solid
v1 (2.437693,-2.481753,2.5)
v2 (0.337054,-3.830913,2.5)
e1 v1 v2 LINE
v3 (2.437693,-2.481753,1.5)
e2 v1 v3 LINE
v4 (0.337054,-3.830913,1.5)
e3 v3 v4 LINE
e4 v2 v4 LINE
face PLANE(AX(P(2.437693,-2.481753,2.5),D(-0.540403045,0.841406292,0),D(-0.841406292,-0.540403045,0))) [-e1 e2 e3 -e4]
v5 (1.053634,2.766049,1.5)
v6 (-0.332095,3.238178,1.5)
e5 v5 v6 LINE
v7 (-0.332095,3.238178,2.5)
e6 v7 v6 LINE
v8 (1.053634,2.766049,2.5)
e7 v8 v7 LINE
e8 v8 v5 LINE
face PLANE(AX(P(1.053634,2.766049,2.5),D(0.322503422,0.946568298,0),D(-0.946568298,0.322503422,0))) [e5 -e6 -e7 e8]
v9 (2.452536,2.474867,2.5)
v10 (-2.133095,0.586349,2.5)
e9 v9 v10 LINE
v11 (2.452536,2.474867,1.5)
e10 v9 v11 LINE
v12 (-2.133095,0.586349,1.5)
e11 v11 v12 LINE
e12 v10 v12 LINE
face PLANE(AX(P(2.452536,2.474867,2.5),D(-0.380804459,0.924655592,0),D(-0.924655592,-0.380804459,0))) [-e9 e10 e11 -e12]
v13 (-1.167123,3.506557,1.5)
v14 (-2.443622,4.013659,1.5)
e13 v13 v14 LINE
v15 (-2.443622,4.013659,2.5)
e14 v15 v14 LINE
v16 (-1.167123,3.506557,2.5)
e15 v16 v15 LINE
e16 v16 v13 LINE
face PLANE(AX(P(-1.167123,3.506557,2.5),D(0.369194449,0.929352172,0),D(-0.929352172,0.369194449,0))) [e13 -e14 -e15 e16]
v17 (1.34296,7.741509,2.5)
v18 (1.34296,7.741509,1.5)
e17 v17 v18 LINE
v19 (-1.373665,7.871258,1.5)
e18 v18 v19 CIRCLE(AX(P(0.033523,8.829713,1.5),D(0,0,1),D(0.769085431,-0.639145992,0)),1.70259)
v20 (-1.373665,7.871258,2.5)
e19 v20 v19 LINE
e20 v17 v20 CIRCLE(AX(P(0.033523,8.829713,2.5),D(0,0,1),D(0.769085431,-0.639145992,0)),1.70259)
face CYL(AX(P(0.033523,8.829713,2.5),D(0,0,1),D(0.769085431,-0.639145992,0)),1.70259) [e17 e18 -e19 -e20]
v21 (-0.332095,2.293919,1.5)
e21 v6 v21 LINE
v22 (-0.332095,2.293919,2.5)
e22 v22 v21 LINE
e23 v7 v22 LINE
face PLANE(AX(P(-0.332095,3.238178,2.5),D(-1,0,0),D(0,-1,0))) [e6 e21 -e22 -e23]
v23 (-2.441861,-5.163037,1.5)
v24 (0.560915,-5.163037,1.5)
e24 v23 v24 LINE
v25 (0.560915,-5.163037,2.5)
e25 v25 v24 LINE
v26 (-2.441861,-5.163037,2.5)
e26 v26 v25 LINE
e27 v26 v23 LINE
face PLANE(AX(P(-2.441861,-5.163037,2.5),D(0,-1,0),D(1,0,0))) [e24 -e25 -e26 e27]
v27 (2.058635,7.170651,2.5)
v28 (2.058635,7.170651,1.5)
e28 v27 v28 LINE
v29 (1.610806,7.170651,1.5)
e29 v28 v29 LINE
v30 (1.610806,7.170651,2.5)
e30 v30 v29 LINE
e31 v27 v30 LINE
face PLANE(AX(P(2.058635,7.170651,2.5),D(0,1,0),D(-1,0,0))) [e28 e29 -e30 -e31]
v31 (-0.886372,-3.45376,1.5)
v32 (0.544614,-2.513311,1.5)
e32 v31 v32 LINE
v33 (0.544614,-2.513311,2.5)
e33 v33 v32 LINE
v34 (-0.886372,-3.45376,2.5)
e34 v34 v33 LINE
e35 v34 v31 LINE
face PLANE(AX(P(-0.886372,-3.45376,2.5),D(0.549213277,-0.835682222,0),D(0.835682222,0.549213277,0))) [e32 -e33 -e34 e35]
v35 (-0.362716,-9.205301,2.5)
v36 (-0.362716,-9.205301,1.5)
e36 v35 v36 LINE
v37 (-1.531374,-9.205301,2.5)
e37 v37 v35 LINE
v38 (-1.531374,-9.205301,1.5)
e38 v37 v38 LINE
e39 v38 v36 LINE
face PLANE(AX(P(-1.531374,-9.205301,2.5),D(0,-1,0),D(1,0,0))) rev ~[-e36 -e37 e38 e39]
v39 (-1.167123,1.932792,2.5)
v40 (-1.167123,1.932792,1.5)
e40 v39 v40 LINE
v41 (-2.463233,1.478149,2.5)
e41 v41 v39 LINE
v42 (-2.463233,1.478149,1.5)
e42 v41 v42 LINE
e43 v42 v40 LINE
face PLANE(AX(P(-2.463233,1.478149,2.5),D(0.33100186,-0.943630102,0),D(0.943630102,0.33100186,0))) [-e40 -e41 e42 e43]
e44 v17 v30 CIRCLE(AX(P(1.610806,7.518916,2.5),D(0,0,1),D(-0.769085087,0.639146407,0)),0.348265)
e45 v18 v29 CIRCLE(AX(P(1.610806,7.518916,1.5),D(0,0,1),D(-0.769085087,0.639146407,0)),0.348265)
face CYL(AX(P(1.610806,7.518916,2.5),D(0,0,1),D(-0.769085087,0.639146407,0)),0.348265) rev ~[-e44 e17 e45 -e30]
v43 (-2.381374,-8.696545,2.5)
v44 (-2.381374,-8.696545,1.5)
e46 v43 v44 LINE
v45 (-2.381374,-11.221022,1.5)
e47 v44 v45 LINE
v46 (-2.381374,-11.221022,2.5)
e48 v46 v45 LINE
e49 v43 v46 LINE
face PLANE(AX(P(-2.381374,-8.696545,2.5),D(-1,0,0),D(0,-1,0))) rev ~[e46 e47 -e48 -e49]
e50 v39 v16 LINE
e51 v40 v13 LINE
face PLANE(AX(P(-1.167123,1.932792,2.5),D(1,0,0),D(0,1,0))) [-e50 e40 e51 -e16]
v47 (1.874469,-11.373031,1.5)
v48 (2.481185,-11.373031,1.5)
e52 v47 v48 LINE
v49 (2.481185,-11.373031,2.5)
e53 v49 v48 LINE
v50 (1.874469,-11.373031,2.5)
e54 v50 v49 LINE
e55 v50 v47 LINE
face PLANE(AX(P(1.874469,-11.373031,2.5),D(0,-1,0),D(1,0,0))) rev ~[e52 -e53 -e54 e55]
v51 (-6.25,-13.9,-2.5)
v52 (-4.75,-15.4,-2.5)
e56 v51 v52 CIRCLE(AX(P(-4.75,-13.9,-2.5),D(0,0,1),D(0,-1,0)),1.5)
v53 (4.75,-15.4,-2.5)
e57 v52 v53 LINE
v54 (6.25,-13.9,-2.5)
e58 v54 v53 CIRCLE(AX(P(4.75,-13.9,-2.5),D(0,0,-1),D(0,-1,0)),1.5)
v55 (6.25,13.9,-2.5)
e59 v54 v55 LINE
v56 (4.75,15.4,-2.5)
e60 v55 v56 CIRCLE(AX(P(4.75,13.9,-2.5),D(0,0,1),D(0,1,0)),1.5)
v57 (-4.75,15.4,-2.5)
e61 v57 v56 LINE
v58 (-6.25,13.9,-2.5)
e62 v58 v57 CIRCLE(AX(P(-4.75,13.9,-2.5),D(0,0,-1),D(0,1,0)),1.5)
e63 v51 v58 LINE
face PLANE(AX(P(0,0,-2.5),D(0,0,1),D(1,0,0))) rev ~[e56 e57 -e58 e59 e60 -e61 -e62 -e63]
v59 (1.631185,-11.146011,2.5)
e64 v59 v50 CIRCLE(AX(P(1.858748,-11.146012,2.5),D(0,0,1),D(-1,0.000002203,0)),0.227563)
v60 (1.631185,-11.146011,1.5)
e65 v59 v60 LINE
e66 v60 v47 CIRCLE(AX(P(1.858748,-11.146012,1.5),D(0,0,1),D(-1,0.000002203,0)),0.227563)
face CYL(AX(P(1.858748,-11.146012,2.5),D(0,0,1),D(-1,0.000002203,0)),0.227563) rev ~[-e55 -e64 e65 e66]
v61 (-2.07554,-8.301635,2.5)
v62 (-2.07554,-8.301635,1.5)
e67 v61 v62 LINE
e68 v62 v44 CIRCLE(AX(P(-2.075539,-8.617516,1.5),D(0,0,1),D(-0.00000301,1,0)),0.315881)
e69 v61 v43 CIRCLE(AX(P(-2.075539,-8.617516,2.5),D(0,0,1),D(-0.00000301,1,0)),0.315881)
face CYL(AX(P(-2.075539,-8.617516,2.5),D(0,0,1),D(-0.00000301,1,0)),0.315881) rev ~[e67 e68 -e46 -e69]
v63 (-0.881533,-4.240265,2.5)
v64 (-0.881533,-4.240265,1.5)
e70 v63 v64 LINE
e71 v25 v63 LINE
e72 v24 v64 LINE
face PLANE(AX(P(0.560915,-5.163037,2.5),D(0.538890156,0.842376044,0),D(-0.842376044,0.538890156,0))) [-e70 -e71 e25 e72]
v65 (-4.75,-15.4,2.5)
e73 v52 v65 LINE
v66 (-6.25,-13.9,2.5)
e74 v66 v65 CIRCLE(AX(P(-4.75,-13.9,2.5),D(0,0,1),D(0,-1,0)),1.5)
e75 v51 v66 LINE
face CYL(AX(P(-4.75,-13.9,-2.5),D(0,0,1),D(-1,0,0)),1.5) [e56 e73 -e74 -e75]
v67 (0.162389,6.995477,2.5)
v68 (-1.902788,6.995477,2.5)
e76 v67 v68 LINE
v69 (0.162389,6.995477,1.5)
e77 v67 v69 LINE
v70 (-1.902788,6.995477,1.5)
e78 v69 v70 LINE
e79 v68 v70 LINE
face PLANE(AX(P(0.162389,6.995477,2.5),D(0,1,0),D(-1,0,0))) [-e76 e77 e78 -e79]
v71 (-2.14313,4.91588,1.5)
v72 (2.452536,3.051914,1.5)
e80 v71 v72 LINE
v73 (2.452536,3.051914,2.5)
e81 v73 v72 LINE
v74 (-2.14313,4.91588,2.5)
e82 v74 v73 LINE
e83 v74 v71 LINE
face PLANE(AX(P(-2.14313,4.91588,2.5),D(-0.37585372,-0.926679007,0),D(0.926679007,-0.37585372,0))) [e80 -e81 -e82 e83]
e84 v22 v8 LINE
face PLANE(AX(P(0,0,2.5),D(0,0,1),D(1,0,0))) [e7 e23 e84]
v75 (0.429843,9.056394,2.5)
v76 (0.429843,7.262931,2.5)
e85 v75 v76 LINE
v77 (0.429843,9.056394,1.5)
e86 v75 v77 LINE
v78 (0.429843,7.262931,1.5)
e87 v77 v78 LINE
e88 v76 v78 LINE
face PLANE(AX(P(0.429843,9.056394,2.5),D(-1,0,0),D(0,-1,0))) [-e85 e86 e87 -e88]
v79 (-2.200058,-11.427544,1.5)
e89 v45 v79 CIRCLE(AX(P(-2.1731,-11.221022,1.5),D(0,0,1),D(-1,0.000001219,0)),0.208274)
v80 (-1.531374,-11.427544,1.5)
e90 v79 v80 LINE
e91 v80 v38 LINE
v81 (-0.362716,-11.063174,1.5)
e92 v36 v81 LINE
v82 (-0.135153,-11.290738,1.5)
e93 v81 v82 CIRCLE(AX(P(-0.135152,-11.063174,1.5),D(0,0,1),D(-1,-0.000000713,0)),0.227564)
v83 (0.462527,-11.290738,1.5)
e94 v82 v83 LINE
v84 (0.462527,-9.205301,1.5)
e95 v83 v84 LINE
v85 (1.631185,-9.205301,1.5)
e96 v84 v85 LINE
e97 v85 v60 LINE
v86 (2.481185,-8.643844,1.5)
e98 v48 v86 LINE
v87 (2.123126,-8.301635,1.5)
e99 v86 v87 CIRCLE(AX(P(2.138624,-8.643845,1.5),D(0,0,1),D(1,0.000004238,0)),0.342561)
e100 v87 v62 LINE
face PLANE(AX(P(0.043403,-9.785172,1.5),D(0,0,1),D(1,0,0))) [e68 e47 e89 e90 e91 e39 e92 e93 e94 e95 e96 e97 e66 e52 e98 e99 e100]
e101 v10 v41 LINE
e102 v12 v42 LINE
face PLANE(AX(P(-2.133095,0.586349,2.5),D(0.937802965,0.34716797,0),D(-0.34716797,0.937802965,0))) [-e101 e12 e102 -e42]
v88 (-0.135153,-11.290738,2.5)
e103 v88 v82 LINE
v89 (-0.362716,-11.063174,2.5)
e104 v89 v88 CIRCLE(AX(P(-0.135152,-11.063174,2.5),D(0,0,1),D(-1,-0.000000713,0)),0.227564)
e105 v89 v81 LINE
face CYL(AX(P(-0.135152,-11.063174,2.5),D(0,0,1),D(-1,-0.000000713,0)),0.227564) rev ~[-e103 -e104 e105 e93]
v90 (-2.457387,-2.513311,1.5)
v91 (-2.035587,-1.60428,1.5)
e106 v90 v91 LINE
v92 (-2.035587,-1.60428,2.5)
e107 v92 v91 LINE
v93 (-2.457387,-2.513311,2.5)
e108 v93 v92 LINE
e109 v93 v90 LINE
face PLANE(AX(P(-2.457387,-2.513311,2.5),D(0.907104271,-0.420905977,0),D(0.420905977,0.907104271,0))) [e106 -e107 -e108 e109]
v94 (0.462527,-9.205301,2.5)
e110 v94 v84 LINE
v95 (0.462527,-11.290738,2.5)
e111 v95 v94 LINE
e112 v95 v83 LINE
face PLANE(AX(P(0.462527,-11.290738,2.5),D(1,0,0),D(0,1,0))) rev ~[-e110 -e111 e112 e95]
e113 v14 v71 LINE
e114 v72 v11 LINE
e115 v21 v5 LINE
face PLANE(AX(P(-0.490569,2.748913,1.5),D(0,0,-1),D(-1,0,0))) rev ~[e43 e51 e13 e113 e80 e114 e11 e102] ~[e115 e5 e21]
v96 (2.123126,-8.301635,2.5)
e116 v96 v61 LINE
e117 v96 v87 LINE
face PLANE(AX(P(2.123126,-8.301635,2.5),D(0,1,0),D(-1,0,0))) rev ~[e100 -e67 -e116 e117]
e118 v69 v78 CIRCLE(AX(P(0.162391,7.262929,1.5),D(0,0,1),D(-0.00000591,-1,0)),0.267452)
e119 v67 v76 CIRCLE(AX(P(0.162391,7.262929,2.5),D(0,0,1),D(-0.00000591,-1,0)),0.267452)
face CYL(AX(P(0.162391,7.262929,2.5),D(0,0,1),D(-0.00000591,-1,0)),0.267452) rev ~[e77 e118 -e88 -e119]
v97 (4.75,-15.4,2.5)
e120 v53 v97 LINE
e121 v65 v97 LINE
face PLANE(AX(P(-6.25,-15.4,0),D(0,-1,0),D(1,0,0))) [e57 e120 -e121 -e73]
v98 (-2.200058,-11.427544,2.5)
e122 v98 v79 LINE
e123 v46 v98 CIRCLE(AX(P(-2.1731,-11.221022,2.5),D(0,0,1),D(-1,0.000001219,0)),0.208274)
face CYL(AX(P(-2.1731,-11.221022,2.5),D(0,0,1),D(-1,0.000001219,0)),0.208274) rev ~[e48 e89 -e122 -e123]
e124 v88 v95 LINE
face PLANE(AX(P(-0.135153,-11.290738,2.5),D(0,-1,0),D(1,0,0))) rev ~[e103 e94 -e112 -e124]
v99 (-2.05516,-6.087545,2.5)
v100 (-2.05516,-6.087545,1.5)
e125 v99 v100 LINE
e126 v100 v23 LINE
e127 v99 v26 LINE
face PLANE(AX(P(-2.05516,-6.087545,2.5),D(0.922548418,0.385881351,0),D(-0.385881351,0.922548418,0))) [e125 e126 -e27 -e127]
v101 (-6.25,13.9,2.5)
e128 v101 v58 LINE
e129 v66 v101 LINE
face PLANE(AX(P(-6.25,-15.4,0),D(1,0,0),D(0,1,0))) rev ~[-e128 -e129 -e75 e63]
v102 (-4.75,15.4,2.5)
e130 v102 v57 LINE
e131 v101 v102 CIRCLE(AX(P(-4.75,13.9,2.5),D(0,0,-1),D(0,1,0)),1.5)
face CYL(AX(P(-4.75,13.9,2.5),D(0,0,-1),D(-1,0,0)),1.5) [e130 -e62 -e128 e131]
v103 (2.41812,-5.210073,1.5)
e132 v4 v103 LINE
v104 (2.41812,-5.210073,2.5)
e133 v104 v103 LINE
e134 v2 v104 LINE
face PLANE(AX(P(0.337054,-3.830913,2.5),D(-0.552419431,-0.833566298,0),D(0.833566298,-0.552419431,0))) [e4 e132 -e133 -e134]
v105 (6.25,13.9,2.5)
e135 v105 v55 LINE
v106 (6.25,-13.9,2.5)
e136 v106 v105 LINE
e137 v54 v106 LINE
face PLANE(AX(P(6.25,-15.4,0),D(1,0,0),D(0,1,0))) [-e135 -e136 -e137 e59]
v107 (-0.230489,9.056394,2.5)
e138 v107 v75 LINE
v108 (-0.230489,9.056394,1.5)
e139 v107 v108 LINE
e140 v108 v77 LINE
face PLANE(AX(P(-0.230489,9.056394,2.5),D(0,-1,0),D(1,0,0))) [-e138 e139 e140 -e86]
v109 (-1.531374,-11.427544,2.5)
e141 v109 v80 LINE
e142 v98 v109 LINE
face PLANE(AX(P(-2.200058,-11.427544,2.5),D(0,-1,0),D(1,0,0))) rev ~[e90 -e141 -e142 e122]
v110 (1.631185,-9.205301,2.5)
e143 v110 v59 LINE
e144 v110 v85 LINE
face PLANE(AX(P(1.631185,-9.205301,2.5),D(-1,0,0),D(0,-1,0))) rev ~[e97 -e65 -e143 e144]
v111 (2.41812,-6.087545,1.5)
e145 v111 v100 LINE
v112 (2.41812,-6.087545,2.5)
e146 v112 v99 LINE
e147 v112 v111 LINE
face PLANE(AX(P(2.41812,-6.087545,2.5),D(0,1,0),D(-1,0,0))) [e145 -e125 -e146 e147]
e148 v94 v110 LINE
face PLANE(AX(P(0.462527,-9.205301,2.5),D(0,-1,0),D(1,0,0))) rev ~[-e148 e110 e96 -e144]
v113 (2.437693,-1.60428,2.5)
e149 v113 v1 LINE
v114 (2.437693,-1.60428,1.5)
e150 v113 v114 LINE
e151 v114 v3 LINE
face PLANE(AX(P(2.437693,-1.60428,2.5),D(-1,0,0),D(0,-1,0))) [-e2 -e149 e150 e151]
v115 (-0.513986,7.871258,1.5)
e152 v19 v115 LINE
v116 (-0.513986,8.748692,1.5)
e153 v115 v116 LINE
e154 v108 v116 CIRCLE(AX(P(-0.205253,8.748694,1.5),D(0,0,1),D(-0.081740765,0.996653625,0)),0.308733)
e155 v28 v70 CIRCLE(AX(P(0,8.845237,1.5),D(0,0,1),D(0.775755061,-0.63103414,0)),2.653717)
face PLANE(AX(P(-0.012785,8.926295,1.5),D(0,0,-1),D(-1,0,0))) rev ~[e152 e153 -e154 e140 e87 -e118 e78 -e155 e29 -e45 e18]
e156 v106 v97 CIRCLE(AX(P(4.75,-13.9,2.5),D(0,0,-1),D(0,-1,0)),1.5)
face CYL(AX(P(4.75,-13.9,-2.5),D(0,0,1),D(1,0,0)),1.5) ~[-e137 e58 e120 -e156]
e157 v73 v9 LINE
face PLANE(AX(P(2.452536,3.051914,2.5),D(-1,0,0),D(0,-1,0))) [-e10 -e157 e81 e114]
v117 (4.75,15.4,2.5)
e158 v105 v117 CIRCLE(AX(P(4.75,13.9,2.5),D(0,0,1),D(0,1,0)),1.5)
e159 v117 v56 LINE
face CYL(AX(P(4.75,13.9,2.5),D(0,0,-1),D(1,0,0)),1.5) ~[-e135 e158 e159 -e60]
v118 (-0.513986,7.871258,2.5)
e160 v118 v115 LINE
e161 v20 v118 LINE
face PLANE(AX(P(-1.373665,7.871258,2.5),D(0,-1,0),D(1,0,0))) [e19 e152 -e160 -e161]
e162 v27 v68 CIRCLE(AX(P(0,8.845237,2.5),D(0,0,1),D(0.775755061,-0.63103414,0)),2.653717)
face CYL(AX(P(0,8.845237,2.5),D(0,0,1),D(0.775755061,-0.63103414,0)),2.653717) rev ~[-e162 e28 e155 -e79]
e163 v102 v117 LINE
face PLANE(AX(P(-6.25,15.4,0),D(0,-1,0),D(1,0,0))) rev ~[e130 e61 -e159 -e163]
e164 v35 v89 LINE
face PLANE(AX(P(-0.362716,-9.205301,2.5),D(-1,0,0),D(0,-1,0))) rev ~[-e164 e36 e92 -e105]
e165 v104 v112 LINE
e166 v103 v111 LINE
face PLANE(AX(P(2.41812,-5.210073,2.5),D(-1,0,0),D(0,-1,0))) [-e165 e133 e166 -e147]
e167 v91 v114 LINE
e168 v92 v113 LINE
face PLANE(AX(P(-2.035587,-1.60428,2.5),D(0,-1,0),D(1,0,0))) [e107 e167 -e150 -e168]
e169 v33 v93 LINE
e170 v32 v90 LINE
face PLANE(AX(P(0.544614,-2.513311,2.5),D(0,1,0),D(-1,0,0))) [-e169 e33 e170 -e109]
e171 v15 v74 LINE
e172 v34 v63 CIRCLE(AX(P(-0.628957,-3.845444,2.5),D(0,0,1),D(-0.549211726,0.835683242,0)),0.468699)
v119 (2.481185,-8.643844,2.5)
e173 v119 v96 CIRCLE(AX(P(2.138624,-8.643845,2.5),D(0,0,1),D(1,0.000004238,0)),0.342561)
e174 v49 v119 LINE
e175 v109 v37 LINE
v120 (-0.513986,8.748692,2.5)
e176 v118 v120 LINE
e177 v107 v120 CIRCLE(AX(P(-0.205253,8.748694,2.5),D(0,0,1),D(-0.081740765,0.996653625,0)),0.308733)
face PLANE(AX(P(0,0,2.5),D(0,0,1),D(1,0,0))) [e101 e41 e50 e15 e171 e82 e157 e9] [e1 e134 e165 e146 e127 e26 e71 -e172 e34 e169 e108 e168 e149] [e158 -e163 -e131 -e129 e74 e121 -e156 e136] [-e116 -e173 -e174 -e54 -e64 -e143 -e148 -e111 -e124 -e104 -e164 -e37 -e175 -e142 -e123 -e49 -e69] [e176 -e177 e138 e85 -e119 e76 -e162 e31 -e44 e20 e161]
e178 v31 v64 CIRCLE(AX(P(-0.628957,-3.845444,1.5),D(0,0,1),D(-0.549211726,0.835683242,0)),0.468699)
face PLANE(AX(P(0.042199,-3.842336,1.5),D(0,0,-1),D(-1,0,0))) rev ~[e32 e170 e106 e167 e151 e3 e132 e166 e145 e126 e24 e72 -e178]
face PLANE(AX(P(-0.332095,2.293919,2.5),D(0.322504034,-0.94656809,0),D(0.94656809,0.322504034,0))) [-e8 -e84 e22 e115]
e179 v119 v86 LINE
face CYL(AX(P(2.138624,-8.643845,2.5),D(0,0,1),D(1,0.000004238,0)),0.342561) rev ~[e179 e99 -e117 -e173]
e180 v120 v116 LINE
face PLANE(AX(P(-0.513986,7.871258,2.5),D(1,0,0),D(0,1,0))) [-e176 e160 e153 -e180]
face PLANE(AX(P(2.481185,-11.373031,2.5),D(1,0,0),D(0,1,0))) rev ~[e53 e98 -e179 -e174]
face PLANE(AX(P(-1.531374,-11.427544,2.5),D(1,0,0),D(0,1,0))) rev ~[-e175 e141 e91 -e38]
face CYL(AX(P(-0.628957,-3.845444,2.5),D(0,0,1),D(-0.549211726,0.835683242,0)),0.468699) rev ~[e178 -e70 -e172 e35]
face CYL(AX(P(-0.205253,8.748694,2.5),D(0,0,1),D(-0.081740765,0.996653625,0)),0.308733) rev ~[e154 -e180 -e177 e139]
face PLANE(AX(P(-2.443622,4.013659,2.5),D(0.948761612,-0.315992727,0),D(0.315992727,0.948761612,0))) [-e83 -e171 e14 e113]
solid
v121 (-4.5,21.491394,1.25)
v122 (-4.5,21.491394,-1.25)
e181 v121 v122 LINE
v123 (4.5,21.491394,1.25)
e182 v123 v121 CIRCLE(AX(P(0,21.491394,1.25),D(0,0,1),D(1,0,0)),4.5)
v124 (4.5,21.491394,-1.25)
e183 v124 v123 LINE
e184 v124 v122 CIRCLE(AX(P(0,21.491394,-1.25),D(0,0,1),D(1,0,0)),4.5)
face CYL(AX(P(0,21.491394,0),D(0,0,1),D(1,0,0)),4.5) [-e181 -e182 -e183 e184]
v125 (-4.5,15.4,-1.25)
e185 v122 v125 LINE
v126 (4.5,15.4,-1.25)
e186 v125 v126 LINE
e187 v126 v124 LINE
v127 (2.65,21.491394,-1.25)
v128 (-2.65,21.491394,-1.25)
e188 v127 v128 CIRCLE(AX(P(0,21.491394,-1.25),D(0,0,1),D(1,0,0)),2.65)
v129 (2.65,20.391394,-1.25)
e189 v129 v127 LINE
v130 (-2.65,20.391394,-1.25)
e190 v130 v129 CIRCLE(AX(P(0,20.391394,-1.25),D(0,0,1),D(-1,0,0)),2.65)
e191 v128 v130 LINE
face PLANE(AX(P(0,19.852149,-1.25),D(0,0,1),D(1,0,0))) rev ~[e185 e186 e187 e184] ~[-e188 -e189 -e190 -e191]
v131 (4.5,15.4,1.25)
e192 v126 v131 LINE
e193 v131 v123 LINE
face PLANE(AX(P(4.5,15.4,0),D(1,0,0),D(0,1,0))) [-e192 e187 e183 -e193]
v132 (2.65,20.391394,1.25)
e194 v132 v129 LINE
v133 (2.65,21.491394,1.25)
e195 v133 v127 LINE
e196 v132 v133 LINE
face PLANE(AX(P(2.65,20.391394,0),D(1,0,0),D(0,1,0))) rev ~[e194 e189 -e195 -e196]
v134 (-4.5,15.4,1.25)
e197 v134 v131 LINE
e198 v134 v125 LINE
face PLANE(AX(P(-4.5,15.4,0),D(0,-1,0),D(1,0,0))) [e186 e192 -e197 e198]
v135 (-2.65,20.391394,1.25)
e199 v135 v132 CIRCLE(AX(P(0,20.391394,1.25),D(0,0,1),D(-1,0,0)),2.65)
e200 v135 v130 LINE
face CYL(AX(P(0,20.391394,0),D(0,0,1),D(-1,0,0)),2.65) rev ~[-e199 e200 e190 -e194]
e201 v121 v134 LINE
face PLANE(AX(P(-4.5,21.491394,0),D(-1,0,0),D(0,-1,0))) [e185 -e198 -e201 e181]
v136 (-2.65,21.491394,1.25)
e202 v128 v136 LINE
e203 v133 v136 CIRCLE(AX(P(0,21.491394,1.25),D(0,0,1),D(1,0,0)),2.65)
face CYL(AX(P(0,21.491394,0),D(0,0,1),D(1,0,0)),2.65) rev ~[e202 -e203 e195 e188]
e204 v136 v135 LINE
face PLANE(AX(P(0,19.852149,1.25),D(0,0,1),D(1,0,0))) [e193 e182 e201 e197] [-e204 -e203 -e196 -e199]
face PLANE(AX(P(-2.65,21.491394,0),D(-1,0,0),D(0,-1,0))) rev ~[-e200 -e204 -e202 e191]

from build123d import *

# Parameters (mm, degrees)
SKETCH_W     = 12.5
SKETCH_H     = 30.8
PAD_DEPTH    = 2.5
FILLET_R     = 1.5
POCKET_DEPTH = 1
PAD003_DEPTH = 1.25


with BuildPart() as rubber_puller:
    # Sketch → Pad (new body, symmetric)
    with BuildSketch(Plane.XY):
        Rectangle(SKETCH_W, SKETCH_H)
    extrude(amount=PAD_DEPTH, both=True)

    # Fillet
    fillet_edges = [rubber_puller.edges().sort_by_distance(p)[0] for p in [
        (6.25, 15.4, 0),
        (-6.25, 15.4, 0),
        (6.25, -15.4, 0),
        (-6.25, -15.4, 0),
    ]]
    fillet(fillet_edges, radius=FILLET_R)

    # Sketch002 → Pocket (cut)
    with BuildSketch(Plane.XY.offset(2.5)):
        with BuildLine():
            Line((2.058635, 7.170651), (1.610806, 7.170651))
            ThreePointArc((1.34296, 7.741509), (1.29552, 7.370985), (1.610806, 7.170651))
            ThreePointArc((1.34296, 7.741509), (0.114748, 10.530364), (-1.373665, 7.871258))
            Line((-1.373665, 7.871258), (-0.513986, 7.871258))
            Line((-0.513986, 7.871258), (-0.513986, 8.748692))
            ThreePointArc((-0.230489, 9.056394), (-0.432308, 8.957888), (-0.513986, 8.748692))
            Line((-0.230489, 9.056394), (0.429843, 9.056394))
            Line((0.429843, 9.056394), (0.429843, 7.262931))
            ThreePointArc((0.162389, 6.995477), (0.351508, 7.073812), (0.429843, 7.262931))
            Line((0.162389, 6.995477), (-1.902788, 6.995477))
            ThreePointArc((2.058635, 7.170651), (-0.117233, 11.496364), (-1.902788, 6.995477))
        make_face()
        Polygon((-2.443622, 4.013659), (-2.14313, 4.91588), (2.452536, 3.051914), (2.452536, 2.474867), (-2.133095, 0.586349), (-2.463233, 1.478149), (-1.167123, 1.932792), (-1.167123, 3.506557), align=None)
        Polygon((-0.332095, 3.238178), (-0.332095, 2.293919), (1.053634, 2.766049), align=None, mode=Mode.SUBTRACT)
        with BuildLine():
            Line((-2.457387, -2.513311), (-2.035587, -1.60428))
            Line((-2.035587, -1.60428), (2.437693, -1.60428))
            Line((2.437693, -1.60428), (2.437693, -2.481753))
            Line((2.437693, -2.481753), (0.337054, -3.830913))
            Line((0.337054, -3.830913), (2.41812, -5.210073))
            Line((2.41812, -5.210073), (2.41812, -6.087545))
            Line((2.41812, -6.087545), (-2.05516, -6.087545))
            Line((-2.05516, -6.087545), (-2.441861, -5.163037))
            Line((-2.441861, -5.163037), (0.560915, -5.163037))
            Line((0.560915, -5.163037), (-0.881533, -4.240265))
            ThreePointArc((-0.886372, -3.45376), (-1.097647, -3.848327), (-0.881533, -4.240265))
            Line((-0.886372, -3.45376), (0.544614, -2.513311))
            Line((0.544614, -2.513311), (-2.457387, -2.513311))
        make_face()
        with BuildLine():
            Line((-2.381374, -8.696545), (-2.381374, -11.221022))
            ThreePointArc((-2.381374, -11.221022), (-2.329613, -11.358433), (-2.200058, -11.427544))
            Line((-2.200058, -11.427544), (-1.531374, -11.427544))
            Line((-1.531374, -11.427544), (-1.531374, -9.205301))
            Line((-1.531374, -9.205301), (-0.362716, -9.205301))
            Line((-0.362716, -9.205301), (-0.362716, -11.063174))
            ThreePointArc((-0.362716, -11.063174), (-0.296064, -11.224086), (-0.135153, -11.290738))
            Line((-0.135153, -11.290738), (0.462527, -11.290738))
            Line((0.462527, -11.290738), (0.462527, -9.205301))
            Line((0.462527, -9.205301), (1.631185, -9.205301))
            Line((1.631185, -9.205301), (1.631185, -11.146011))
            ThreePointArc((1.631185, -11.146011), (1.703494, -11.312388), (1.874469, -11.373031))
            Line((1.874469, -11.373031), (2.481185, -11.373031))
            Line((2.481185, -11.373031), (2.481185, -8.643844))
            ThreePointArc((2.481185, -8.643844), (2.375308, -8.396199), (2.123126, -8.301635))
            Line((2.123126, -8.301635), (-2.07554, -8.301635))
            ThreePointArc((-2.07554, -8.301635), (-2.325284, -8.424104), (-2.381374, -8.696545))
        make_face()
    extrude(amount=-POCKET_DEPTH, mode=Mode.SUBTRACT)


with BuildPart() as metal_puller:
    # Sketch004 → Pad003 (new body, symmetric)
    with BuildSketch(Plane.XY):
        with BuildLine():
            Line((-4.5, 15.4), (4.5, 15.4))
            Line((4.5, 15.4), (4.5, 21.491394))
            ThreePointArc((4.5, 21.491394), (0, 25.991394), (-4.5, 21.491394))
            Line((-4.5, 21.491394), (-4.5, 15.4))
        make_face()
        with BuildLine():
            Line((-2.65, 21.491394), (-2.65, 20.391394))
            ThreePointArc((-2.65, 20.391394), (0, 17.741394), (2.65, 20.391394))
            Line((2.65, 20.391394), (2.65, 21.491394))
            ThreePointArc((2.65, 21.491394), (0, 24.141394), (-2.65, 21.491394))
        make_face(mode=Mode.SUBTRACT)
    extrude(amount=PAD003_DEPTH, both=True)


solid = Compound([rubber_puller.part, metal_puller.part])
